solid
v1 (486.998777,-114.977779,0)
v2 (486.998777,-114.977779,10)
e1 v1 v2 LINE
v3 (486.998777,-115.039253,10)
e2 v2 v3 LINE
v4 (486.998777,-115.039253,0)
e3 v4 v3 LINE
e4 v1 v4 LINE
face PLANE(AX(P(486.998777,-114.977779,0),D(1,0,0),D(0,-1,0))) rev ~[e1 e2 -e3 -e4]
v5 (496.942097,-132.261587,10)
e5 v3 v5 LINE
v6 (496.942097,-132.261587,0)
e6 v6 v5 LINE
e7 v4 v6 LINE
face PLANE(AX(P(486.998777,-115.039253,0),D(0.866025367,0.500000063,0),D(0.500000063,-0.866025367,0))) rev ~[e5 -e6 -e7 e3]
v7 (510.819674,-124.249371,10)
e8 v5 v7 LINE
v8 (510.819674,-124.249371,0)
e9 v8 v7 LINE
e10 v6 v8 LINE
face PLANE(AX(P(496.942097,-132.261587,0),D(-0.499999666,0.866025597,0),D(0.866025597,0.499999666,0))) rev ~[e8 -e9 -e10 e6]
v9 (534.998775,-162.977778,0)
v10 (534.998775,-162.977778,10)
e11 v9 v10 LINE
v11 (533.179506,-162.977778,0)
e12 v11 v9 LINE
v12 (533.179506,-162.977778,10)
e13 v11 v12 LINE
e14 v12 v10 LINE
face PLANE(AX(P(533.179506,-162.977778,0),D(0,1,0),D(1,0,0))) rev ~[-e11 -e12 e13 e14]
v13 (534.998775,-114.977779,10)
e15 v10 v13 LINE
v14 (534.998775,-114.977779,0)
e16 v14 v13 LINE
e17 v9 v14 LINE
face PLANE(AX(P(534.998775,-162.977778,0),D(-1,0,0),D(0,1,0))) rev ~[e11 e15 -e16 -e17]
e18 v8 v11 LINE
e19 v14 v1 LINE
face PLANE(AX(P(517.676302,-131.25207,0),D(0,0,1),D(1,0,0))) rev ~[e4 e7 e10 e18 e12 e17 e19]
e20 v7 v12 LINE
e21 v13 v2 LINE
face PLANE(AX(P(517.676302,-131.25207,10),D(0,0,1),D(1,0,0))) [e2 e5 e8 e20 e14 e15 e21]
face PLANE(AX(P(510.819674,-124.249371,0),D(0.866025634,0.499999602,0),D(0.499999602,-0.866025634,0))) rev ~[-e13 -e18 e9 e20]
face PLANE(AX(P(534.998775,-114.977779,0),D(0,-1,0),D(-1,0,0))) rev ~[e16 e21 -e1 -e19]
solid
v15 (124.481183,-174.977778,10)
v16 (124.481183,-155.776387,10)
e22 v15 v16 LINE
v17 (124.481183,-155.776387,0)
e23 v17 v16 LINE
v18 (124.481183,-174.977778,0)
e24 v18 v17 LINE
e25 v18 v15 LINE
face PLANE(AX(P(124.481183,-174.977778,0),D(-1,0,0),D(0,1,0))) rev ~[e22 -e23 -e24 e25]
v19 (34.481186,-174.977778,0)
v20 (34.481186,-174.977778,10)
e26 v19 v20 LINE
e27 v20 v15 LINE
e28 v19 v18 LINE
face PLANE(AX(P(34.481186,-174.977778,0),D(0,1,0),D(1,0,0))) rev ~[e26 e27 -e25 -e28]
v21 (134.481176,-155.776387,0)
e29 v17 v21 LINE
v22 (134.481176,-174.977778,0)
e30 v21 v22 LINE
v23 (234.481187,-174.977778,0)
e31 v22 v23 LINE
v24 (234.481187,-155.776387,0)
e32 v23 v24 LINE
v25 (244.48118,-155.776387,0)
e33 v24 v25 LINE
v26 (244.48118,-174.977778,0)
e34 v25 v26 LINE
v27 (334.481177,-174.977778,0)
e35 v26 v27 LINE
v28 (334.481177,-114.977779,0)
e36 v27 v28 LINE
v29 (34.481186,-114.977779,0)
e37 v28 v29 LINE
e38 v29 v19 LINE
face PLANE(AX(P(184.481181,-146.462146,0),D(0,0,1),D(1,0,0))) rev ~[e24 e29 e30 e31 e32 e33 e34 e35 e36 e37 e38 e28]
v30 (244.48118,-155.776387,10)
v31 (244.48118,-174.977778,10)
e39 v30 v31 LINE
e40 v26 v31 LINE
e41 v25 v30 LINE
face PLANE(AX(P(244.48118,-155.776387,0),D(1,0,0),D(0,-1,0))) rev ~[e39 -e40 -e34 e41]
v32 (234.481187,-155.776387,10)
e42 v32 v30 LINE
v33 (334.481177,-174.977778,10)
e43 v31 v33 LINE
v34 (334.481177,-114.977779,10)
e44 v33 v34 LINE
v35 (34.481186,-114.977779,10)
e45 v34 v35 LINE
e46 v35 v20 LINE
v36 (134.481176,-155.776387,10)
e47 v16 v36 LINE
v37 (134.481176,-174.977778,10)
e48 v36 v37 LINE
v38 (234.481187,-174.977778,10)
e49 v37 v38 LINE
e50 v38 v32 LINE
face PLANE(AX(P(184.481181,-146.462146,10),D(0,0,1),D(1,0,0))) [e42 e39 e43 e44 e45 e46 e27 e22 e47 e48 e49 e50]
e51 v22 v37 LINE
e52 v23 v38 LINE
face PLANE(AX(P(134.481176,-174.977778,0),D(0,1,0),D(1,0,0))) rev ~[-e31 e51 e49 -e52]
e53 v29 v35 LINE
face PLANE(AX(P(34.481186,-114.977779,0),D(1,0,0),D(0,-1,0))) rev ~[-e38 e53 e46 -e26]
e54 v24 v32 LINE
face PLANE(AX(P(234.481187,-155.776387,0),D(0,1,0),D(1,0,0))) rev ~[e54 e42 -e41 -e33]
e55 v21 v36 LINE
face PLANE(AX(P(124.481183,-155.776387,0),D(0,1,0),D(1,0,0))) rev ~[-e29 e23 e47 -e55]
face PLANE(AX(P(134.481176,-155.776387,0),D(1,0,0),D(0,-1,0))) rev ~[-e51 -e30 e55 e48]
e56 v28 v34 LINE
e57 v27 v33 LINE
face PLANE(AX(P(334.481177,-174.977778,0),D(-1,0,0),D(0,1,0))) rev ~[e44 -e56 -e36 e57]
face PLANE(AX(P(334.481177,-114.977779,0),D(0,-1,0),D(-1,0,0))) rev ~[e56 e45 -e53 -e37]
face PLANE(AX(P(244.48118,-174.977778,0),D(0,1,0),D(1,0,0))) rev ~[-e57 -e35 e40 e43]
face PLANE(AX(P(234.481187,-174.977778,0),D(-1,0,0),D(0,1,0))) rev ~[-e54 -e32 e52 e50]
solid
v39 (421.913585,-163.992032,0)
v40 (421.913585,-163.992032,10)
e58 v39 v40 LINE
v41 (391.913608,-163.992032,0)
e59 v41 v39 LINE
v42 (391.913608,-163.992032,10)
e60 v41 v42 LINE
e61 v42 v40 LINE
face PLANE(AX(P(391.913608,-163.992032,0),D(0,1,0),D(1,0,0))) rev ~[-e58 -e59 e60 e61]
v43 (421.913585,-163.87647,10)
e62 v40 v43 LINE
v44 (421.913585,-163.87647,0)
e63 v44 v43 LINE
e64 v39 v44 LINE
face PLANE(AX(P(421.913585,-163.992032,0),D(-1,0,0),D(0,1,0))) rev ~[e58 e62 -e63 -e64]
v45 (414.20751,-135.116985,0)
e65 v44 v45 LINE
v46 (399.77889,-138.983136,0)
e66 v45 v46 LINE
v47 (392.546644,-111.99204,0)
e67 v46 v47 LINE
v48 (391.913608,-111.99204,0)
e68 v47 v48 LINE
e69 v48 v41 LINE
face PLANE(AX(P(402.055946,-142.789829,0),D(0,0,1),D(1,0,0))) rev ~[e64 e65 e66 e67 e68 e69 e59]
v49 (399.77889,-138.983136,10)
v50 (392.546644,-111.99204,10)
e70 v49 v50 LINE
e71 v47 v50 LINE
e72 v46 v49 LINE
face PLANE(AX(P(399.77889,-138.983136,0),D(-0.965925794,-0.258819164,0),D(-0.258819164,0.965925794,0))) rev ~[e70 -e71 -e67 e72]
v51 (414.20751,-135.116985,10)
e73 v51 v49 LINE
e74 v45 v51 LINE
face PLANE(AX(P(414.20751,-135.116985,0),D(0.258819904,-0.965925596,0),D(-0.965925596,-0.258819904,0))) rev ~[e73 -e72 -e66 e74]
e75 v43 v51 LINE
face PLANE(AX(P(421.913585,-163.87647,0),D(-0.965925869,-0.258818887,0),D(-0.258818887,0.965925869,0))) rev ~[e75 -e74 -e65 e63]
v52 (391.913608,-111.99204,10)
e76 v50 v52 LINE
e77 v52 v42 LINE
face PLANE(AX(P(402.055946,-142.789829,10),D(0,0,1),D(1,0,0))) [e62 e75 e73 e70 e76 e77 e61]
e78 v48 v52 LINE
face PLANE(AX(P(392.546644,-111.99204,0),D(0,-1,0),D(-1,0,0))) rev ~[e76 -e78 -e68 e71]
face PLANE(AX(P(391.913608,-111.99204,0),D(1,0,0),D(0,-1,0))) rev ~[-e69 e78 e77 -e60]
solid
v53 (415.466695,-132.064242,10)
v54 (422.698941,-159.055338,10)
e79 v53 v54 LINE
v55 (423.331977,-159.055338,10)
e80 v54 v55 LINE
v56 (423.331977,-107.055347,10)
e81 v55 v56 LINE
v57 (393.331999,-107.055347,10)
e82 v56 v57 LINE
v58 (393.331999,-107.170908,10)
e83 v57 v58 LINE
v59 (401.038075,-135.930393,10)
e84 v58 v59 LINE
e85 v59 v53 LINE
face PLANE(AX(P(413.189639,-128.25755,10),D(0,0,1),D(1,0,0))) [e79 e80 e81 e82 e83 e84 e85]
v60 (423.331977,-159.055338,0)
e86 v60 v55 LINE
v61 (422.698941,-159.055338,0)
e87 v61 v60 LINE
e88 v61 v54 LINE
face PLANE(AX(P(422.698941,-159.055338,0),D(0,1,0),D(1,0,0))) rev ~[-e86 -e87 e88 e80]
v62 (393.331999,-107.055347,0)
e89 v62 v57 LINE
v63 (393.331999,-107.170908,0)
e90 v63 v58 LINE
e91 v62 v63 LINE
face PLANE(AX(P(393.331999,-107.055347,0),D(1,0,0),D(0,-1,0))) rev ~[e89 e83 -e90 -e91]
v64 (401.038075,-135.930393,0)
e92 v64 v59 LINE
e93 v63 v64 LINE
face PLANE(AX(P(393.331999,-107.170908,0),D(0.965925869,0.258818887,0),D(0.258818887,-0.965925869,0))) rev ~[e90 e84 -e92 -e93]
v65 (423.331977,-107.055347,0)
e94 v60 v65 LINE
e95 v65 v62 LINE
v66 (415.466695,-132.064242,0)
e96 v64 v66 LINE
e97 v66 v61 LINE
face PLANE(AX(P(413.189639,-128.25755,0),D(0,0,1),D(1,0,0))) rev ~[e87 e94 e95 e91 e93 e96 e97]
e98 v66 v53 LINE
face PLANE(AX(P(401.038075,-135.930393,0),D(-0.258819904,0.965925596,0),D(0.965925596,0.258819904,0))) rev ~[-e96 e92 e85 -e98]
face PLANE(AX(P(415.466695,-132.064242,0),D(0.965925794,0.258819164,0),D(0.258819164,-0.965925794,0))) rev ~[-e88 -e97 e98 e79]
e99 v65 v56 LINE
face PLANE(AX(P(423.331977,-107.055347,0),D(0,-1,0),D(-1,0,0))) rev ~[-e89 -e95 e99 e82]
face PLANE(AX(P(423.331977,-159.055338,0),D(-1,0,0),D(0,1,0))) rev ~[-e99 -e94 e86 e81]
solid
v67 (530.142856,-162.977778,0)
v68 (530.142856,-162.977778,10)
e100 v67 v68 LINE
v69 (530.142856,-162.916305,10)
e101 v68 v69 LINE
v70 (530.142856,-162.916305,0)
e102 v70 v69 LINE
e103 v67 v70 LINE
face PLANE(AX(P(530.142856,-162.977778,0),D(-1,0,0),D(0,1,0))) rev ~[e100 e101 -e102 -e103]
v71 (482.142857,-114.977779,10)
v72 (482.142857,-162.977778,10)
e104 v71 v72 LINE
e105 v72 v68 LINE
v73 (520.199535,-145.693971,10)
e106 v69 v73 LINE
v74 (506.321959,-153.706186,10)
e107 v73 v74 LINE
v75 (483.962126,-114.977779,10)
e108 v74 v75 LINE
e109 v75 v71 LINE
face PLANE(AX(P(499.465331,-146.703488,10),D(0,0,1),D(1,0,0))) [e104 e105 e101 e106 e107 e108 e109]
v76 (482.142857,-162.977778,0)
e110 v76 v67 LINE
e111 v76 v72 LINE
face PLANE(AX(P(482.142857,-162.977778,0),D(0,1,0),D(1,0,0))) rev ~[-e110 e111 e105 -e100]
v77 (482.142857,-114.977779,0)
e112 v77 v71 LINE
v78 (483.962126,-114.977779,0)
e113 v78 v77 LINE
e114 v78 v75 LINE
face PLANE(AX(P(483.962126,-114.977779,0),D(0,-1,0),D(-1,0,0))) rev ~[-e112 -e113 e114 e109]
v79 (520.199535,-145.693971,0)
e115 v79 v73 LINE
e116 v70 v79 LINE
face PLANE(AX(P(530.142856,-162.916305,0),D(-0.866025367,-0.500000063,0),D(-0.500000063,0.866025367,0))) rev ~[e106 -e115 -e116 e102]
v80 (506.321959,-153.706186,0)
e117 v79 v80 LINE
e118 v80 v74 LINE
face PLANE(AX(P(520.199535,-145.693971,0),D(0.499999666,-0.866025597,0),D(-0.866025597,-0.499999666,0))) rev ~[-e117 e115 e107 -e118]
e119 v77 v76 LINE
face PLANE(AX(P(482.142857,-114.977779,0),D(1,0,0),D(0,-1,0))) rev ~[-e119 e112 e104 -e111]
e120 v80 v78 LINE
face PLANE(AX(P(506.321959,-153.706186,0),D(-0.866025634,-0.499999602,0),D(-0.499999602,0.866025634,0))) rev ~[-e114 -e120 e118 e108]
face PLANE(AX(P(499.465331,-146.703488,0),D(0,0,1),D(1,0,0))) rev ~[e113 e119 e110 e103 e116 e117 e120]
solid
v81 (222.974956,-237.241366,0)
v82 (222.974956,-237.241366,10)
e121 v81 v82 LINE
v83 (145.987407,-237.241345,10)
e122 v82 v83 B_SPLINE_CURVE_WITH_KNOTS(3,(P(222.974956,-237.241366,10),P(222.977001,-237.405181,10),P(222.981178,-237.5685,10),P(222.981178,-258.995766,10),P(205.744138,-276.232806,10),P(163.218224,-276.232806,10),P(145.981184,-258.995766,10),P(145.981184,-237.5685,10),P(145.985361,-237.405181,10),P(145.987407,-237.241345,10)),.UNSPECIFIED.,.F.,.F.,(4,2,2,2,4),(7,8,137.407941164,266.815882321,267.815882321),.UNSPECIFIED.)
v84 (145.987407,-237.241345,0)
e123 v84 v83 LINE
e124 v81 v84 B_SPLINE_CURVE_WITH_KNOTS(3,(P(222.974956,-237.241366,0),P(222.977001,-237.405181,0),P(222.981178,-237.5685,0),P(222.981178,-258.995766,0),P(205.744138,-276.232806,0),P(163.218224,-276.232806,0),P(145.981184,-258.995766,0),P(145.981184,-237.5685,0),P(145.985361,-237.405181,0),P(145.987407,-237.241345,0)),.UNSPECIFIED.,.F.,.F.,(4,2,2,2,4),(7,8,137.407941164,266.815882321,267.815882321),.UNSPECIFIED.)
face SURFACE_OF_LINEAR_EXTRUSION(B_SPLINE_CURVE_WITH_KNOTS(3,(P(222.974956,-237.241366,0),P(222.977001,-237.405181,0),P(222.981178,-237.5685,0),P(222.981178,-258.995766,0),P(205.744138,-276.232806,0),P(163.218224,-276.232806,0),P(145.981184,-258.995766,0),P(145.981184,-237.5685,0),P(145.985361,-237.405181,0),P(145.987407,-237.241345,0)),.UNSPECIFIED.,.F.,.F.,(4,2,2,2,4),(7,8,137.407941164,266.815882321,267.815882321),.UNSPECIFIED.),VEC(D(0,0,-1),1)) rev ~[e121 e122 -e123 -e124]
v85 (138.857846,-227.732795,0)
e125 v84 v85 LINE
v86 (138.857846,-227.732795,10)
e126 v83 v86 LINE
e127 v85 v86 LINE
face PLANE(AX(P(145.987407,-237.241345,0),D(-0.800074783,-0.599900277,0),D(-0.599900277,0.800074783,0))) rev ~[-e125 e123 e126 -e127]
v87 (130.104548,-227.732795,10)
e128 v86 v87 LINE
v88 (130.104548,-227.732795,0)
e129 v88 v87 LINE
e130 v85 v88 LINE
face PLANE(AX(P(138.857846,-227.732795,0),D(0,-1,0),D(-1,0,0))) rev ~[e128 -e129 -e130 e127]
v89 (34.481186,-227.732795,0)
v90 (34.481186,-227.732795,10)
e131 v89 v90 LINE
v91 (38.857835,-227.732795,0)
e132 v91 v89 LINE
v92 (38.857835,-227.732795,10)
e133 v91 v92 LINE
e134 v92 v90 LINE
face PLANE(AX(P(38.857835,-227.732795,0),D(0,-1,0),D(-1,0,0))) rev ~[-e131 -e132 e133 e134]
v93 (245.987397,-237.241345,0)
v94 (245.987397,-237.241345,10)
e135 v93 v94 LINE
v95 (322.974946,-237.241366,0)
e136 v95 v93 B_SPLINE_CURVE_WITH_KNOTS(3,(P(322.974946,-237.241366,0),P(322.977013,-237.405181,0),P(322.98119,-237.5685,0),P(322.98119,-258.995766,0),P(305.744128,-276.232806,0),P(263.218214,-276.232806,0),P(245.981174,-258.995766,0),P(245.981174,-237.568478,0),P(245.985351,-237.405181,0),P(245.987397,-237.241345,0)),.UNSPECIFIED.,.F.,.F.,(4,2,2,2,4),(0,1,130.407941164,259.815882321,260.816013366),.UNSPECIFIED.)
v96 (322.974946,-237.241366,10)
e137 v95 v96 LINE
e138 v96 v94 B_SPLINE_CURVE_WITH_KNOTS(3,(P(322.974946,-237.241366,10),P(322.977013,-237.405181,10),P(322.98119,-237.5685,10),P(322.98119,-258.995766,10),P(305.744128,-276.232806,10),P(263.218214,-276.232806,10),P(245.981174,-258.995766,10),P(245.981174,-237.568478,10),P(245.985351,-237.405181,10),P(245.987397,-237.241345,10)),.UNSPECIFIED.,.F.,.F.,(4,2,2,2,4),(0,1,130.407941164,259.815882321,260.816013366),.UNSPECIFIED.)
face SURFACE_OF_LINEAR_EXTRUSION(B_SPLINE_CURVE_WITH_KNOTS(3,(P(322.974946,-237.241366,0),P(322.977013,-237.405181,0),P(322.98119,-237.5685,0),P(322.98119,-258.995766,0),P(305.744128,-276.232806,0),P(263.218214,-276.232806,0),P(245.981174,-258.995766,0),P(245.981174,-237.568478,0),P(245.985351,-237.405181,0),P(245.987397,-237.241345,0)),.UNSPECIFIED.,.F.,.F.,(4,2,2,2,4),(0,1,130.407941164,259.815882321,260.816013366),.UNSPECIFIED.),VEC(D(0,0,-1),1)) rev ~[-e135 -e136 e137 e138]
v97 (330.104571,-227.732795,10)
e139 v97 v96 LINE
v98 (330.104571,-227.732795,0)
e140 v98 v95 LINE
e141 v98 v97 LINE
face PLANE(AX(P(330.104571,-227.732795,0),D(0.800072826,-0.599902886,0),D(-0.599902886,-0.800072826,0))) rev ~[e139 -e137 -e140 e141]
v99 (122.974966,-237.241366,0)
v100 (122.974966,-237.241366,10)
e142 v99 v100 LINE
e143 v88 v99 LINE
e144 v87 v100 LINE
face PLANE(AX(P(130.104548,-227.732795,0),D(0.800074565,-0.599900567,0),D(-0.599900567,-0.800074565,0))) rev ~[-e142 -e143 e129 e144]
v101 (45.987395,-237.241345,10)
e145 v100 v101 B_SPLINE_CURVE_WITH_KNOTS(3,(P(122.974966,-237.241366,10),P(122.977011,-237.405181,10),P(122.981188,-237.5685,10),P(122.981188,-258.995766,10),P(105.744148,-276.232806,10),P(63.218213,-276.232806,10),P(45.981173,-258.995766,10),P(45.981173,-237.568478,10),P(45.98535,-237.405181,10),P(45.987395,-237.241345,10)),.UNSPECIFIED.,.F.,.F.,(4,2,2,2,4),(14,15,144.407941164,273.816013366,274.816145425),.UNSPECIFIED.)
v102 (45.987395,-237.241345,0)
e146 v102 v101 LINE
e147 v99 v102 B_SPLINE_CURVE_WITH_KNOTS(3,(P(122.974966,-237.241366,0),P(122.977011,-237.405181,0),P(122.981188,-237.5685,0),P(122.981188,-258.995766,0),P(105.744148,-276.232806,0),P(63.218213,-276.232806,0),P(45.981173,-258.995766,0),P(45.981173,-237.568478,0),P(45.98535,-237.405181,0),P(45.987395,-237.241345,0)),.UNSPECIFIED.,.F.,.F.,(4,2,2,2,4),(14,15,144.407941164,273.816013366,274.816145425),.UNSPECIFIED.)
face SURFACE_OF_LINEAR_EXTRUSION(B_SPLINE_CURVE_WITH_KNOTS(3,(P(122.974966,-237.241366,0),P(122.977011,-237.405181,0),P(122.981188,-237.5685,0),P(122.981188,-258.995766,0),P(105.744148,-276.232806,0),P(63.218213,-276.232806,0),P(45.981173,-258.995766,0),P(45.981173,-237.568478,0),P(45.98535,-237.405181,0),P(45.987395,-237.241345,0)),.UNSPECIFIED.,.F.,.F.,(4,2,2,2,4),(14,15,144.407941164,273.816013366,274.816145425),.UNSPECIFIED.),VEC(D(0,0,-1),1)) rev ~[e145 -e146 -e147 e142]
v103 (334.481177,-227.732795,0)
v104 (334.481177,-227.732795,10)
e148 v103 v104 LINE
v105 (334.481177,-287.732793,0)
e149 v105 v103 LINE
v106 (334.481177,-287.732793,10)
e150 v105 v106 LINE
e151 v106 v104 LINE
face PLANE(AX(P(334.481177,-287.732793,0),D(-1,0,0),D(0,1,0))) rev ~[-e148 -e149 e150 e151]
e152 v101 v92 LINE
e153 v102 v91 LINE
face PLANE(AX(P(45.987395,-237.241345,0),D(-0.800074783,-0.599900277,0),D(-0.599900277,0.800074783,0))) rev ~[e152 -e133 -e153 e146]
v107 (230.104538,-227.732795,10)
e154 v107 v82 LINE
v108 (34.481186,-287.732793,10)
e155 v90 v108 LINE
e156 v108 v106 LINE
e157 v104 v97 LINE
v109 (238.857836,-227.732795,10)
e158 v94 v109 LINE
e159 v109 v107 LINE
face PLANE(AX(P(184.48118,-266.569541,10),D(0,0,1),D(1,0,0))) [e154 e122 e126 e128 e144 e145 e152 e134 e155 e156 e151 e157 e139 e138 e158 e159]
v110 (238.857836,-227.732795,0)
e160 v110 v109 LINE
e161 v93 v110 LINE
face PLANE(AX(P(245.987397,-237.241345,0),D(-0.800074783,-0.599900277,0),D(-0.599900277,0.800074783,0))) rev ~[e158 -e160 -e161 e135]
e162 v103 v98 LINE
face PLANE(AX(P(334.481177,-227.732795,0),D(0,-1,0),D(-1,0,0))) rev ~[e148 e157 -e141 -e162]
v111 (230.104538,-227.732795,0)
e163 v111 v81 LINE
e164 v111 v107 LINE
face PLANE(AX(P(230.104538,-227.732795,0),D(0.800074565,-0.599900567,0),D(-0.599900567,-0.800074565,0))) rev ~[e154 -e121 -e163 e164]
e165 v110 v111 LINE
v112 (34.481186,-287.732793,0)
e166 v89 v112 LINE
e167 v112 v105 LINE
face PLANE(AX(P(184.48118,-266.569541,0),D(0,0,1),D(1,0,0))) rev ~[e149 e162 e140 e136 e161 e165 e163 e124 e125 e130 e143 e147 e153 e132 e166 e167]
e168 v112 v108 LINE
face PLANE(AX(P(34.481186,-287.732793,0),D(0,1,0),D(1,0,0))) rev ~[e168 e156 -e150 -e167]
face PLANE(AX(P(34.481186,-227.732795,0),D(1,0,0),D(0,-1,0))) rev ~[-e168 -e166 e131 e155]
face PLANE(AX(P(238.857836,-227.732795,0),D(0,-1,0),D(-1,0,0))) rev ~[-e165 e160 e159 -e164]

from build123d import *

# Parameters (mm, degrees)
BOSS_EXTRU_1_DEPTH   = 10
BOSS_EXTRU_1_2_DEPTH = 10
BOSS_EXTRU_1_3_DEPTH = 10
BOSS_EXTRU_1_4_DEPTH = 10
BOSS_EXTRU_1_5_DEPTH = 10
BOSS_EXTRU_1_6_DEPTH = 10


with BuildPart() as part:
    # Model → Boss.-Extru.1 (new body)
    with BuildSketch(Plane.XY):
        with BuildLine():
            Line((245.987396918, -237.241344783), (238.857836405, -227.732795114))
            Line((238.857836405, -227.732795114), (230.104537794, -227.732795114))
            Line((230.104537794, -227.732795114), (222.97495575, -237.241366315))
            add(Edge.make_bspline(
                [(222.97495575, -237.241366315), (222.977001275, -237.405180605), (222.981178453, -237.568499663), (222.981178453, -237.732809186)],
                knots=[7, 7, 7, 7, 8, 8, 8, 8], degree=3))
            add(Edge.make_bspline(
                [(222.981178453, -237.732809186), (222.981178453, -258.995766271), (205.744138421, -276.232806304), (184.481181335, -276.232806304)],
                knots=[8, 8, 8, 8, 9, 9, 9, 9], degree=3))
            add(Edge.make_bspline(
                [(184.481181335, -276.232806304), (163.21822425, -276.232806304), (145.981184218, -258.995766271), (145.981184218, -237.732809186)],
                knots=[9, 9, 9, 9, 10, 10, 10, 10], degree=3))
            add(Edge.make_bspline(
                [(145.981184218, -237.732809186), (145.981184218, -237.568499663), (145.985361396, -237.405180605), (145.987406921, -237.241344783)],
                knots=[10, 10, 10, 10, 11, 11, 11, 11], degree=3))
            Line((145.987406921, -237.241344783), (138.857846408, -227.732795114))
            Line((138.857846408, -227.732795114), (130.104547797, -227.732795114))
            Line((130.104547797, -227.732795114), (122.974965752, -237.241366315))
            add(Edge.make_bspline(
                [(122.974965752, -237.241366315), (122.977011278, -237.405180605), (122.981188456, -237.568499663), (122.981188456, -237.732809186)],
                knots=[14, 14, 14, 14, 15, 15, 15, 15], degree=3))
            add(Edge.make_bspline(
                [(122.981188456, -237.732809186), (122.981188456, -258.995766271), (105.744148424, -276.232806304), (84.481191338, -276.232806304)],
                knots=[15, 15, 15, 15, 16, 16, 16, 16], degree=3))
            add(Edge.make_bspline(
                [(84.481191338, -276.232806304), (63.218212721, -276.232806304), (45.981172689, -258.995766271), (45.981172689, -237.732809186)],
                knots=[16, 16, 16, 16, 17, 17, 17, 17], degree=3))
            add(Edge.make_bspline(
                [(45.981172689, -237.732809186), (45.981172689, -237.568478131), (45.985349867, -237.405180605), (45.987395393, -237.241344783)],
                knots=[17, 17, 17, 17, 18, 18, 18, 18], degree=3))
            Line((45.987395393, -237.241344783), (38.85783488, -227.732795114))
            Line((38.85783488, -227.732795114), (34.481185574, -227.732795114))
            Line((34.481185574, -227.732795114), (34.481185574, -287.732793419))
            Line((34.481185574, -287.732793419), (334.481177097, -287.732793419))
            Line((334.481177097, -287.732793419), (334.481177097, -227.732795114))
            Line((334.481177097, -227.732795114), (330.104570855, -227.732795114))
            Line((330.104570855, -227.732795114), (322.974945747, -237.241366315))
            add(Edge.make_bspline(
                [(322.974945747, -237.241366315), (322.977012804, -237.405180605), (322.981189982, -237.568499663), (322.981189982, -237.732809186)],
                knots=[0, 0, 0, 0, 1, 1, 1, 1], degree=3))
            add(Edge.make_bspline(
                [(322.981189982, -237.732809186), (322.981189982, -258.995766271), (305.744128418, -276.232806304), (284.481171332, -276.232806304)],
                knots=[1, 1, 1, 1, 2, 2, 2, 2], degree=3))
            add(Edge.make_bspline(
                [(284.481171332, -276.232806304), (263.218214247, -276.232806304), (245.981174215, -258.995766271), (245.981174215, -237.732809186)],
                knots=[2, 2, 2, 2, 3, 3, 3, 3], degree=3))
            add(Edge.make_bspline(
                [(245.981174215, -237.732809186), (245.981174215, -237.568478131), (245.985351393, -237.405180605), (245.987396918, -237.241344783)],
                knots=[3, 3, 3, 3, 4, 4, 4, 4], degree=3))
        make_face()
    extrude(amount=BOSS_EXTRU_1_DEPTH)


with BuildPart() as body_2:
    # Model → Boss.-Extru.1 2 (new body)
    with BuildSketch(Plane.XY):
        Polygon((414.207509549, -135.116985438), (399.778889826, -138.983136188), (392.546643935, -111.992040369), (391.91360764, -111.992040369), (391.91360764, -163.992031723), (421.91358526, -163.992031723), (421.91358526, -163.876470301), align=None)
    extrude(amount=BOSS_EXTRU_1_2_DEPTH)


with BuildPart() as body_3:
    # Model → Boss.-Extru.1 3 (new body)
    with BuildSketch(Plane.XY):
        Polygon((401.03807516, -135.93039288), (415.466694883, -132.064242129), (422.698940776, -159.055337947), (423.331977072, -159.055337947), (423.331977067, -107.055346593), (393.331999447, -107.055346596), (393.331999447, -107.170908018), align=None)
    extrude(amount=BOSS_EXTRU_1_3_DEPTH)


with BuildPart() as body_4:
    # Model → Boss.-Extru.1 4 (new body)
    with BuildSketch(Plane.XY):
        Polygon((34.481185574, -114.977779473), (34.481185574, -174.977777778), (124.481183031, -174.977777778), (124.481183031, -164.977785238), (124.481183031, -155.776387363), (134.481175571, -155.776387363), (134.481175571, -164.977785238), (134.481175571, -174.977777778), (234.4811871, -174.977777778), (234.4811871, -164.977785238), (234.4811871, -155.776387363), (244.48117964, -155.776387363), (244.48117964, -164.977785238), (244.48117964, -174.977777778), (334.481177097, -174.977777778), (334.481177097, -114.977779473), align=None)
    extrude(amount=BOSS_EXTRU_1_4_DEPTH)


with BuildPart() as body_5:
    # Model → Boss.-Extru.1 5 (new body)
    with BuildSketch(Plane.XY):
        Polygon((520.199535285, -145.693970913), (506.321958584, -153.706186422), (483.96212616, -114.977779473), (482.142857361, -114.977779473), (482.142857361, -162.977778117), (530.142856005, -162.977778117), (530.142856005, -162.916304694), align=None)
    extrude(amount=BOSS_EXTRU_1_5_DEPTH)


with BuildPart() as body_6:
    # Model → Boss.-Extru.1 6 (new body)
    with BuildSketch(Plane.XY):
        Polygon((496.942097239, -132.261586678), (510.819673939, -124.249371168), (533.179506367, -162.977778115), (534.998775166, -162.977778115), (534.998775161, -114.977779471), (486.998776518, -114.977779475), (486.998776518, -115.039252898), align=None)
    extrude(amount=BOSS_EXTRU_1_6_DEPTH)


solid = Compound([part.part, body_2.part, body_3.part, body_4.part, body_5.part, body_6.part])
